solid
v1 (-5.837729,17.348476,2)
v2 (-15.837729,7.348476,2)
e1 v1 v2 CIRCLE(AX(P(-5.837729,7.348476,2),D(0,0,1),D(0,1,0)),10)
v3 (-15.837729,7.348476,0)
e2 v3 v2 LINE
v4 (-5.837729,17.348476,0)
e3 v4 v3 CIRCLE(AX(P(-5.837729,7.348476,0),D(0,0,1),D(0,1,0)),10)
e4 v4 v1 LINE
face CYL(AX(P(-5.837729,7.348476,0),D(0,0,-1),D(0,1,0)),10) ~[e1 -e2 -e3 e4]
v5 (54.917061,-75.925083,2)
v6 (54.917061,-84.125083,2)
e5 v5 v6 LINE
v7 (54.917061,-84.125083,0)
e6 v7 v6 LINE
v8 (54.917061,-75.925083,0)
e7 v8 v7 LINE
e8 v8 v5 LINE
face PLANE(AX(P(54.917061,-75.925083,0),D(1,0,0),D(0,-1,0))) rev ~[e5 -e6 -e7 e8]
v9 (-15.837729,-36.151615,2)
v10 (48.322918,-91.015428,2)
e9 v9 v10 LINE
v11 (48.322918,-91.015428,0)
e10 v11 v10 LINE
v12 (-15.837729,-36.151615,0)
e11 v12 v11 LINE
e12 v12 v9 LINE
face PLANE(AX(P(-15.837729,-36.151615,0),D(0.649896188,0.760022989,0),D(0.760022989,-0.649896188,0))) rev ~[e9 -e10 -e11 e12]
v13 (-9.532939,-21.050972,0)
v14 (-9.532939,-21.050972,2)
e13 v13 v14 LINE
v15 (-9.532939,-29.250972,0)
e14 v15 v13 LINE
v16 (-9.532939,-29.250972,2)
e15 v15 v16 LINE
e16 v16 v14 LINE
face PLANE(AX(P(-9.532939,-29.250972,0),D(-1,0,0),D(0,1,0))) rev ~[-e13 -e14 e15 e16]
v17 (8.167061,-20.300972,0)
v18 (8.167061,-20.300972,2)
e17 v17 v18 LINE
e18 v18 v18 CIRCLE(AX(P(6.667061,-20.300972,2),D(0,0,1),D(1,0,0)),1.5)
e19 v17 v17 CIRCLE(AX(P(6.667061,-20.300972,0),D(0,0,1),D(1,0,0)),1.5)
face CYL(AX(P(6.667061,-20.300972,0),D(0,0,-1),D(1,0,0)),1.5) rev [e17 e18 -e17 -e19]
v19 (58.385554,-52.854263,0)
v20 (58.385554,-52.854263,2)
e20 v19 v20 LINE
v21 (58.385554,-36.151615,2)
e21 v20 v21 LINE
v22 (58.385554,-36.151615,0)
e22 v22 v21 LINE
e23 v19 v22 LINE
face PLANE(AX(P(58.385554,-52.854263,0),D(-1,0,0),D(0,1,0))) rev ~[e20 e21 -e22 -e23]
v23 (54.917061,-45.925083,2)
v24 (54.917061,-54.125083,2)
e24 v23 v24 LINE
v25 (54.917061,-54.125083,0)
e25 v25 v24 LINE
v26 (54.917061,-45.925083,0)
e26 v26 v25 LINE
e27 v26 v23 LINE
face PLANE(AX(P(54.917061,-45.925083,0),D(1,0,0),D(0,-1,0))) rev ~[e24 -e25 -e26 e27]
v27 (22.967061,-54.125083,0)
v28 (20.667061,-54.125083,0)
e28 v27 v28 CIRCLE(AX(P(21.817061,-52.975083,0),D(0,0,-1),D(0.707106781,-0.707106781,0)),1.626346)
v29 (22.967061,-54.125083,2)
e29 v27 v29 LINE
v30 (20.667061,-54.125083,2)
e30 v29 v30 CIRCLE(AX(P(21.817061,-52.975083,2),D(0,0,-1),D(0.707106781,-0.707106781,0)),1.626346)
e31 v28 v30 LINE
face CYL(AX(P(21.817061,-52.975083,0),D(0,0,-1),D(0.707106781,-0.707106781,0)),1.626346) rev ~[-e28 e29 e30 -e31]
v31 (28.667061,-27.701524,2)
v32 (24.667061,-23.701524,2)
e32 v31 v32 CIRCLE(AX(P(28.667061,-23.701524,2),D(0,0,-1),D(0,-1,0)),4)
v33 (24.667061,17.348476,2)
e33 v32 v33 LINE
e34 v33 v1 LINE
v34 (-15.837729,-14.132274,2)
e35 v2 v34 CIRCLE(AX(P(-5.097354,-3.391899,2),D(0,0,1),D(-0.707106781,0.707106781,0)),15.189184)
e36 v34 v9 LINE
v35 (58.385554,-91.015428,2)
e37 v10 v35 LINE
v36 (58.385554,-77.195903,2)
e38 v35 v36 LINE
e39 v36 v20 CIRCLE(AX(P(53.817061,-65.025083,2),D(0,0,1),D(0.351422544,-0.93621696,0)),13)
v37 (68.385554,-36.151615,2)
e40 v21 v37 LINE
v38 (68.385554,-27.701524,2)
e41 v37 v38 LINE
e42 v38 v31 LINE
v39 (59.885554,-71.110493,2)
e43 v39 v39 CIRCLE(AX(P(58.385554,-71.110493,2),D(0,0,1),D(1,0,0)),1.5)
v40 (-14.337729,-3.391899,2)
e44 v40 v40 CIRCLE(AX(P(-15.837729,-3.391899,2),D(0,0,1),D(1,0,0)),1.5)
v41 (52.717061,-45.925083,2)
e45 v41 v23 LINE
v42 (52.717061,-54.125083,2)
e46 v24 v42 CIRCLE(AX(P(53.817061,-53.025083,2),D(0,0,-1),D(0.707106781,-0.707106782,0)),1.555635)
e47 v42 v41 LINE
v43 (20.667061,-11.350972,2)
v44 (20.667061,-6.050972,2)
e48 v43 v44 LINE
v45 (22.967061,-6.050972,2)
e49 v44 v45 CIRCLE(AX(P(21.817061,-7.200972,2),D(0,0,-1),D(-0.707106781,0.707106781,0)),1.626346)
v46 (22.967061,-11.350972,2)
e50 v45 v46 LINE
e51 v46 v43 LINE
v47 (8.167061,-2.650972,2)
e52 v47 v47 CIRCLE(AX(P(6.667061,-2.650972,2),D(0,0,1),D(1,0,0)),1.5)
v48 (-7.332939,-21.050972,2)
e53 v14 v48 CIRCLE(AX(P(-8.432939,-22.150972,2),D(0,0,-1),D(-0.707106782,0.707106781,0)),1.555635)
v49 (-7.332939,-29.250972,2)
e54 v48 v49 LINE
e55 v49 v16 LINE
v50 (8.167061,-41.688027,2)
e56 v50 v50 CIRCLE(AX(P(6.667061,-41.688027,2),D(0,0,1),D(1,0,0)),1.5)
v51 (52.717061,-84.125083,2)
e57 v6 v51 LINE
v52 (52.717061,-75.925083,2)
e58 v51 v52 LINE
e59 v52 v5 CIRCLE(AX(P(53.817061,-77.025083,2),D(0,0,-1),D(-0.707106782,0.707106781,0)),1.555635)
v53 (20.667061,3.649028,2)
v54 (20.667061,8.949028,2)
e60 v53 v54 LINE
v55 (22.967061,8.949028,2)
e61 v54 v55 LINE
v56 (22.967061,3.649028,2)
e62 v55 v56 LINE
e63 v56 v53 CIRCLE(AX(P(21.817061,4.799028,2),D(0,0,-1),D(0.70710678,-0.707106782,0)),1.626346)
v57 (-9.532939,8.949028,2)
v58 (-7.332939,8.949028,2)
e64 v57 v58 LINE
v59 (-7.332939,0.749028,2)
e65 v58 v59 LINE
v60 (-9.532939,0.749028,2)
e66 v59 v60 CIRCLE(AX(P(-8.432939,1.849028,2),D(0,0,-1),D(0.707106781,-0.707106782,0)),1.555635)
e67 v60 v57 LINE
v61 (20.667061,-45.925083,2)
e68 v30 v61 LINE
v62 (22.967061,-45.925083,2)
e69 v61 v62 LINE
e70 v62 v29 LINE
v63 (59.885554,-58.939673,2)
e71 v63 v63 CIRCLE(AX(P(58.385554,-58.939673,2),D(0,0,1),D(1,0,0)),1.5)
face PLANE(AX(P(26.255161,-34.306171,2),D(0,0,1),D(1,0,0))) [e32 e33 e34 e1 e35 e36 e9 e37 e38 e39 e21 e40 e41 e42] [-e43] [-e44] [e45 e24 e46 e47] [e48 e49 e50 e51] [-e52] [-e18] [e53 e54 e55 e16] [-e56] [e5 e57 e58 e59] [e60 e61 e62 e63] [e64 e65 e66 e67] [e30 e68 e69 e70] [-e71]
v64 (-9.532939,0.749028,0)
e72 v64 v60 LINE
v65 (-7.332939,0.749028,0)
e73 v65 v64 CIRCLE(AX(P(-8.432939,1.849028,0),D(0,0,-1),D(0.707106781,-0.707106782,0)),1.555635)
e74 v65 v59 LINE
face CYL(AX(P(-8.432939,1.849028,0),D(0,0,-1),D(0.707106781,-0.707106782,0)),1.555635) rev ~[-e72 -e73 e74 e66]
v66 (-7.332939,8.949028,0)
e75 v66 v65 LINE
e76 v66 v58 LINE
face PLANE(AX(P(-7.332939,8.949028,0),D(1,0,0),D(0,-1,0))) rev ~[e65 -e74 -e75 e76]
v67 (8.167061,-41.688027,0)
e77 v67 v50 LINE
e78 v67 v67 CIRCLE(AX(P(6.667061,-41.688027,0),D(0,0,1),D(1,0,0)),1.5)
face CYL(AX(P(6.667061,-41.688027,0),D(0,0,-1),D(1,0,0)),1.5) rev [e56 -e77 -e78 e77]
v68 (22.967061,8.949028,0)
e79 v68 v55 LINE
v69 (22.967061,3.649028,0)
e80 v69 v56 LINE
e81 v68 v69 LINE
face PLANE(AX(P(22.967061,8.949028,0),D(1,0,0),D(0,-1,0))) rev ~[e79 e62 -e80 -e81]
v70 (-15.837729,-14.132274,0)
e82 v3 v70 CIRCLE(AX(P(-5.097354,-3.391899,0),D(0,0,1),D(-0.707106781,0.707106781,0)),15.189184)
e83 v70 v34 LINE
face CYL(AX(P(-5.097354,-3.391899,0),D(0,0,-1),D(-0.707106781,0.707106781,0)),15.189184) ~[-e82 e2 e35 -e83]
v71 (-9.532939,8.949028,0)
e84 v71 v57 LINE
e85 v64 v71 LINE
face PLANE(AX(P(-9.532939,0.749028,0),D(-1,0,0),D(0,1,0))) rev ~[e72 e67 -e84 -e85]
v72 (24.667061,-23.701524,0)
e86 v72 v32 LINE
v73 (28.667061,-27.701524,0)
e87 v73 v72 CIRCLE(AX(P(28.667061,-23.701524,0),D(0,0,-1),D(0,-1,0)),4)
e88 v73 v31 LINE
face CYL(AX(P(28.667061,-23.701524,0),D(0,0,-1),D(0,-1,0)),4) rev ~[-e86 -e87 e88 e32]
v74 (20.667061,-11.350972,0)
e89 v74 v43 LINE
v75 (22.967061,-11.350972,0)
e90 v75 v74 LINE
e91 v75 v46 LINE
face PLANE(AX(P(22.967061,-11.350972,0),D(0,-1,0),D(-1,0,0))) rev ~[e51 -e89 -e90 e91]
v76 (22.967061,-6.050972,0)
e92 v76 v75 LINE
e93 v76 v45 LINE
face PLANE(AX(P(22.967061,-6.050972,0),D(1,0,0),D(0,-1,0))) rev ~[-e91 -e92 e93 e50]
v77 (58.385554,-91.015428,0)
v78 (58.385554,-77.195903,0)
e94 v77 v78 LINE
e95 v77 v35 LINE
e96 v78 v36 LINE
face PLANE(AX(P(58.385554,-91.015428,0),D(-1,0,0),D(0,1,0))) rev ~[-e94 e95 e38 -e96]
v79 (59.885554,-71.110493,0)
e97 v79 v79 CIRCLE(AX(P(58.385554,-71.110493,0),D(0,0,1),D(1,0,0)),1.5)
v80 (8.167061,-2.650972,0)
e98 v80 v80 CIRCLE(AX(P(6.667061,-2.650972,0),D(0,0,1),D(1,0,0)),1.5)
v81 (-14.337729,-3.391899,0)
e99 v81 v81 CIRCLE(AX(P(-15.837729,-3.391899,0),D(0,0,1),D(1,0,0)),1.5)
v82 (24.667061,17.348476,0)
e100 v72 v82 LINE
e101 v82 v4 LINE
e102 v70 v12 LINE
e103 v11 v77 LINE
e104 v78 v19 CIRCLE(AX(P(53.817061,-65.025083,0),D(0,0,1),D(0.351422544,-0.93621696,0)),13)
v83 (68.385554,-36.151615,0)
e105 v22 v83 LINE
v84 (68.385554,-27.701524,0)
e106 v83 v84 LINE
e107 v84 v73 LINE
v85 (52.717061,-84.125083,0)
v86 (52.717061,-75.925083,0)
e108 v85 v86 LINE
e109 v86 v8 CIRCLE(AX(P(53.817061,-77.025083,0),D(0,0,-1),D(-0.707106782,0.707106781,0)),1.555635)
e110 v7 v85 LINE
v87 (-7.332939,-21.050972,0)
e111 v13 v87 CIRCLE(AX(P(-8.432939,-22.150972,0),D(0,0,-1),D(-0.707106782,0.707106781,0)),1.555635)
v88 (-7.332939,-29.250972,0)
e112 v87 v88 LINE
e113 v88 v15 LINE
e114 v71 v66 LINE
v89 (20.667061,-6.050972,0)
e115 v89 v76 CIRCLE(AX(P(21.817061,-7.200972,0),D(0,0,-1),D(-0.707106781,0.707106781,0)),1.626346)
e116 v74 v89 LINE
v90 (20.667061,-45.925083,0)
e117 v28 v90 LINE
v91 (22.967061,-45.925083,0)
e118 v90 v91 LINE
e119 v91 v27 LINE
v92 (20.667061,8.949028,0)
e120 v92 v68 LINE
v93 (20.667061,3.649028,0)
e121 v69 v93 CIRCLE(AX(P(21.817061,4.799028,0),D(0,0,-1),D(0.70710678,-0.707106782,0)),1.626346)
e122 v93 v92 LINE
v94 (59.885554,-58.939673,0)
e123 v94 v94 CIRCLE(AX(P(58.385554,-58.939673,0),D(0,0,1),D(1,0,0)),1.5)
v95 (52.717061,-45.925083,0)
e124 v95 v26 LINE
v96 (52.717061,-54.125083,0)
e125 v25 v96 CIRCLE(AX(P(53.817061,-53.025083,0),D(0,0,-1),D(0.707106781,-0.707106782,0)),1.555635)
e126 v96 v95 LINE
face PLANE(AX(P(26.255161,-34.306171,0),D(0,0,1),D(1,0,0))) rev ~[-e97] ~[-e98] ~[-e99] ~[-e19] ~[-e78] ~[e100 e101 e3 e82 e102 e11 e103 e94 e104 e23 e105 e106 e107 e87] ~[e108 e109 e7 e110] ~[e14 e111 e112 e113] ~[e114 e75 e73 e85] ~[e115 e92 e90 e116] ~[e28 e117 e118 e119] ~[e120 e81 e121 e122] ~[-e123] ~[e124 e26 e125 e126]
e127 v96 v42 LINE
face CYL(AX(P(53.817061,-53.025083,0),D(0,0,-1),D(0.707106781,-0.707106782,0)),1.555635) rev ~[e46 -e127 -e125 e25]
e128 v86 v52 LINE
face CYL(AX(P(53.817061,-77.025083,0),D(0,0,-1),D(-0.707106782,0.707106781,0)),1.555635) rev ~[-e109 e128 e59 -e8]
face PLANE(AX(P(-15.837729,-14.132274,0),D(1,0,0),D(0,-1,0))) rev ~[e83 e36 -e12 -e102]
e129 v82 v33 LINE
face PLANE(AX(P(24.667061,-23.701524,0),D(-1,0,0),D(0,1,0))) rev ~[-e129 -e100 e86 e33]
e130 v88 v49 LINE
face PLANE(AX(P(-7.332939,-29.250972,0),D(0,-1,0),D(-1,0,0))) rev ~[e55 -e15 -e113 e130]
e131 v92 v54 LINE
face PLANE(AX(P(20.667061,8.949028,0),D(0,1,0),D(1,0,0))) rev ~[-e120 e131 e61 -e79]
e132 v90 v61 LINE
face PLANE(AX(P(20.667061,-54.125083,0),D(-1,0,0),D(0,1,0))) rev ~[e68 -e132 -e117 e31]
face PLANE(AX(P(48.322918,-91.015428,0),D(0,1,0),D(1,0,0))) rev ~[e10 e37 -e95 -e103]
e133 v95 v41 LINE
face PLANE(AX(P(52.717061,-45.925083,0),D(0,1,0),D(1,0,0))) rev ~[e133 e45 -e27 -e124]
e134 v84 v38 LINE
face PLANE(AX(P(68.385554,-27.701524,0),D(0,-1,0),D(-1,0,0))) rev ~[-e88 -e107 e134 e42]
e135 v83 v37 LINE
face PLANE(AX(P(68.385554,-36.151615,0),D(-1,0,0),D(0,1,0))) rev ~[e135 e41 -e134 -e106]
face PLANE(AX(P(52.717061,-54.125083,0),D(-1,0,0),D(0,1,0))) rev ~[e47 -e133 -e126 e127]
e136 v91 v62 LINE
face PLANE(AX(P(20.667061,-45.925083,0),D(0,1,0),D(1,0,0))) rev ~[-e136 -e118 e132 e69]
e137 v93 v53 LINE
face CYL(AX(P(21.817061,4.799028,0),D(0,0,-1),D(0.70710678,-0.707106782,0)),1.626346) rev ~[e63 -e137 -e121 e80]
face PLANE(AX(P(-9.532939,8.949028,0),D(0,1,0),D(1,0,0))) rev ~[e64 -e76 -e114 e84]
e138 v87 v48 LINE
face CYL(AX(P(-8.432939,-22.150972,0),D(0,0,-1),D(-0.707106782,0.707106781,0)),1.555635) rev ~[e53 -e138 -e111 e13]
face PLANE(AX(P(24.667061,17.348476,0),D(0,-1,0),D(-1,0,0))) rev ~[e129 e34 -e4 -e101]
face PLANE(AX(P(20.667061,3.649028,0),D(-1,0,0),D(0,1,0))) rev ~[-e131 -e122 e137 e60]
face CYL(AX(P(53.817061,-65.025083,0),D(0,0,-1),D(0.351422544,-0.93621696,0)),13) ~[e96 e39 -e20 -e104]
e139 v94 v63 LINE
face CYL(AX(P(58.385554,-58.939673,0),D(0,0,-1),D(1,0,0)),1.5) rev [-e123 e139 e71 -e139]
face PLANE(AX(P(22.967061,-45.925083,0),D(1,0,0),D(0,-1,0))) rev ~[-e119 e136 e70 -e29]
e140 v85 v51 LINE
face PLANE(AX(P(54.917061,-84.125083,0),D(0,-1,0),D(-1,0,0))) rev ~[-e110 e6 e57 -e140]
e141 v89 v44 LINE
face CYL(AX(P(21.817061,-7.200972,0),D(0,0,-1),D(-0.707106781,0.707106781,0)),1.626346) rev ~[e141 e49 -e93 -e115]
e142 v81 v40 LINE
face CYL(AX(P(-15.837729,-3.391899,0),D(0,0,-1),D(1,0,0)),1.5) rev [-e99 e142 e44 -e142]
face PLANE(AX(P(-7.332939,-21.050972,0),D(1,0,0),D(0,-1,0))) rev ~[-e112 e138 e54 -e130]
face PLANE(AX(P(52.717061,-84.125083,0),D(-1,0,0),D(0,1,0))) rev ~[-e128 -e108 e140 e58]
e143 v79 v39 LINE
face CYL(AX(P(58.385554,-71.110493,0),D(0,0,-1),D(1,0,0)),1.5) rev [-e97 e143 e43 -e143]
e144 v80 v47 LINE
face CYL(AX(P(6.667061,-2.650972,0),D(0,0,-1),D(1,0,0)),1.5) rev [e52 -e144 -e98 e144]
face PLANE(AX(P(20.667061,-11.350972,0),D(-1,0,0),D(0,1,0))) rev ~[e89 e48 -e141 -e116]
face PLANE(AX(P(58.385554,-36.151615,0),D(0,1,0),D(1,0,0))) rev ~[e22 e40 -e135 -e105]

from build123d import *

# Parameters (mm, degrees)
SKETCH_1_R      = 1.5
EXTRUDE_1_DEPTH = 2


with BuildPart() as part:
    # 草图1 → 凸台-拉伸1 (new body)
    with BuildSketch(Plane.XY):
        with BuildLine():
            Line((24.667061038, -23.701524127), (24.667061038, 17.348475873))
            Line((24.667061038, 17.348475873), (-5.837728854, 17.348475873))
            ThreePointArc((-5.837728854, 17.348475873), (-12.908796666, 14.419543685), (-15.837728854, 7.348475873))
            ThreePointArc((-15.837728854, 7.348475873), (-20.286537867, -3.391899182), (-15.837728854, -14.132274238))
            Line((-15.837728854, -14.132274238), (-15.837728854, -36.151614729))
            Line((-15.837728854, -36.151614729), (48.322917805, -91.01542846))
            Line((48.322917805, -91.01542846), (58.385554114, -91.01542846))
            Line((58.385554114, -91.01542846), (58.385554114, -77.195903488))
            ThreePointArc((58.385554114, -77.195903488), (66.817061038, -65.025083014), (58.385554114, -52.85426254))
            Line((58.385554114, -52.85426254), (58.385554114, -41.837165292))
            Line((58.385554114, -41.837165292), (58.385554114, -36.151614729))
            Line((58.385554114, -36.151614729), (68.385554114, -36.151614729))
            Line((68.385554114, -36.151614729), (68.385554114, -27.701524127))
            Line((68.385554114, -27.701524127), (58.385554114, -27.701524127))
            Line((58.385554114, -27.701524127), (28.667061038, -27.701524127))
            ThreePointArc((28.667061038, -27.701524127), (25.838633913, -26.529951252), (24.667061038, -23.701524127))
        make_face()
        with Locations((6.667061038, -41.688027493)):
            Circle(SKETCH_1_R, mode=Mode.SUBTRACT)
        with BuildLine():
            Line((20.667061038, -54.125083014), (20.667061038, -45.925083014))
            Line((20.667061038, -45.925083014), (22.967061038, -45.925083014))
            Line((22.967061038, -45.925083014), (22.967061038, -54.125083014))
            ThreePointArc((22.967061038, -54.125083014), (21.817061038, -54.601428611), (20.667061038, -54.125083014))
        make_face(mode=Mode.SUBTRACT)
        with BuildLine():
            Line((52.717061038, -84.125083014), (52.717061038, -75.925083014))
            ThreePointArc((52.717061038, -75.925083014), (53.817061038, -75.469448095), (54.917061038, -75.925083014))
            Line((54.917061038, -75.925083014), (54.917061038, -84.125083014))
            Line((54.917061038, -84.125083014), (52.717061038, -84.125083014))
        make_face(mode=Mode.SUBTRACT)
        with Locations((58.385554114, -71.110493251)):
            Circle(SKETCH_1_R, mode=Mode.SUBTRACT)
        with Locations((58.385554114, -58.939672777)):
            Circle(SKETCH_1_R, mode=Mode.SUBTRACT)
        with BuildLine():
            Line((52.717061038, -54.125083014), (52.717061038, -45.925083014))
            Line((52.717061038, -45.925083014), (54.917061038, -45.925083014))
            Line((54.917061038, -45.925083014), (54.917061038, -54.125083014))
            ThreePointArc((54.917061038, -54.125083014), (53.817061038, -54.580717932), (52.717061038, -54.125083014))
        make_face(mode=Mode.SUBTRACT)
        with BuildLine():
            Line((-9.532938962, -29.250971973), (-9.532938962, -21.050971973))
            ThreePointArc((-9.532938962, -21.050971973), (-8.432938962, -20.595337054), (-7.332938962, -21.050971973))
            Line((-7.332938962, -21.050971973), (-7.332938962, -29.250971973))
            Line((-7.332938962, -29.250971973), (-9.532938962, -29.250971973))
        make_face(mode=Mode.SUBTRACT)
        with Locations((6.667061038, -20.300971973)):
            Circle(SKETCH_1_R, mode=Mode.SUBTRACT)
        with Locations((-15.837728854, -3.391899182)):
            Circle(SKETCH_1_R, mode=Mode.SUBTRACT)
        with BuildLine():
            Line((-9.532938962, 0.749028027), (-9.532938962, 8.949028027))
            Line((-9.532938962, 8.949028027), (-7.332938962, 8.949028027))
            Line((-7.332938962, 8.949028027), (-7.332938962, 0.749028027))
            ThreePointArc((-7.332938962, 0.749028027), (-8.432938962, 0.293393109), (-9.532938962, 0.749028027))
        make_face(mode=Mode.SUBTRACT)
        with Locations((6.667061038, -2.650971973)):
            Circle(SKETCH_1_R, mode=Mode.SUBTRACT)
        with BuildLine():
            Line((20.667061038, -11.350971973), (20.667061038, -6.050971973))
            ThreePointArc((20.667061038, -6.050971973), (21.817061038, -5.574626376), (22.967061038, -6.050971973))
            Line((22.967061038, -6.050971973), (22.967061038, -11.350971973))
            Line((22.967061038, -11.350971973), (20.667061038, -11.350971973))
        make_face(mode=Mode.SUBTRACT)
        with BuildLine():
            Line((20.667061038, 3.649028027), (20.667061038, 8.949028027))
            Line((20.667061038, 8.949028027), (22.967061038, 8.949028027))
            Line((22.967061038, 8.949028027), (22.967061038, 3.649028027))
            ThreePointArc((22.967061038, 3.649028027), (21.817061038, 3.172682431), (20.667061038, 3.649028027))
        make_face(mode=Mode.SUBTRACT)
    extrude(amount=EXTRUDE_1_DEPTH)


solid = part.part
